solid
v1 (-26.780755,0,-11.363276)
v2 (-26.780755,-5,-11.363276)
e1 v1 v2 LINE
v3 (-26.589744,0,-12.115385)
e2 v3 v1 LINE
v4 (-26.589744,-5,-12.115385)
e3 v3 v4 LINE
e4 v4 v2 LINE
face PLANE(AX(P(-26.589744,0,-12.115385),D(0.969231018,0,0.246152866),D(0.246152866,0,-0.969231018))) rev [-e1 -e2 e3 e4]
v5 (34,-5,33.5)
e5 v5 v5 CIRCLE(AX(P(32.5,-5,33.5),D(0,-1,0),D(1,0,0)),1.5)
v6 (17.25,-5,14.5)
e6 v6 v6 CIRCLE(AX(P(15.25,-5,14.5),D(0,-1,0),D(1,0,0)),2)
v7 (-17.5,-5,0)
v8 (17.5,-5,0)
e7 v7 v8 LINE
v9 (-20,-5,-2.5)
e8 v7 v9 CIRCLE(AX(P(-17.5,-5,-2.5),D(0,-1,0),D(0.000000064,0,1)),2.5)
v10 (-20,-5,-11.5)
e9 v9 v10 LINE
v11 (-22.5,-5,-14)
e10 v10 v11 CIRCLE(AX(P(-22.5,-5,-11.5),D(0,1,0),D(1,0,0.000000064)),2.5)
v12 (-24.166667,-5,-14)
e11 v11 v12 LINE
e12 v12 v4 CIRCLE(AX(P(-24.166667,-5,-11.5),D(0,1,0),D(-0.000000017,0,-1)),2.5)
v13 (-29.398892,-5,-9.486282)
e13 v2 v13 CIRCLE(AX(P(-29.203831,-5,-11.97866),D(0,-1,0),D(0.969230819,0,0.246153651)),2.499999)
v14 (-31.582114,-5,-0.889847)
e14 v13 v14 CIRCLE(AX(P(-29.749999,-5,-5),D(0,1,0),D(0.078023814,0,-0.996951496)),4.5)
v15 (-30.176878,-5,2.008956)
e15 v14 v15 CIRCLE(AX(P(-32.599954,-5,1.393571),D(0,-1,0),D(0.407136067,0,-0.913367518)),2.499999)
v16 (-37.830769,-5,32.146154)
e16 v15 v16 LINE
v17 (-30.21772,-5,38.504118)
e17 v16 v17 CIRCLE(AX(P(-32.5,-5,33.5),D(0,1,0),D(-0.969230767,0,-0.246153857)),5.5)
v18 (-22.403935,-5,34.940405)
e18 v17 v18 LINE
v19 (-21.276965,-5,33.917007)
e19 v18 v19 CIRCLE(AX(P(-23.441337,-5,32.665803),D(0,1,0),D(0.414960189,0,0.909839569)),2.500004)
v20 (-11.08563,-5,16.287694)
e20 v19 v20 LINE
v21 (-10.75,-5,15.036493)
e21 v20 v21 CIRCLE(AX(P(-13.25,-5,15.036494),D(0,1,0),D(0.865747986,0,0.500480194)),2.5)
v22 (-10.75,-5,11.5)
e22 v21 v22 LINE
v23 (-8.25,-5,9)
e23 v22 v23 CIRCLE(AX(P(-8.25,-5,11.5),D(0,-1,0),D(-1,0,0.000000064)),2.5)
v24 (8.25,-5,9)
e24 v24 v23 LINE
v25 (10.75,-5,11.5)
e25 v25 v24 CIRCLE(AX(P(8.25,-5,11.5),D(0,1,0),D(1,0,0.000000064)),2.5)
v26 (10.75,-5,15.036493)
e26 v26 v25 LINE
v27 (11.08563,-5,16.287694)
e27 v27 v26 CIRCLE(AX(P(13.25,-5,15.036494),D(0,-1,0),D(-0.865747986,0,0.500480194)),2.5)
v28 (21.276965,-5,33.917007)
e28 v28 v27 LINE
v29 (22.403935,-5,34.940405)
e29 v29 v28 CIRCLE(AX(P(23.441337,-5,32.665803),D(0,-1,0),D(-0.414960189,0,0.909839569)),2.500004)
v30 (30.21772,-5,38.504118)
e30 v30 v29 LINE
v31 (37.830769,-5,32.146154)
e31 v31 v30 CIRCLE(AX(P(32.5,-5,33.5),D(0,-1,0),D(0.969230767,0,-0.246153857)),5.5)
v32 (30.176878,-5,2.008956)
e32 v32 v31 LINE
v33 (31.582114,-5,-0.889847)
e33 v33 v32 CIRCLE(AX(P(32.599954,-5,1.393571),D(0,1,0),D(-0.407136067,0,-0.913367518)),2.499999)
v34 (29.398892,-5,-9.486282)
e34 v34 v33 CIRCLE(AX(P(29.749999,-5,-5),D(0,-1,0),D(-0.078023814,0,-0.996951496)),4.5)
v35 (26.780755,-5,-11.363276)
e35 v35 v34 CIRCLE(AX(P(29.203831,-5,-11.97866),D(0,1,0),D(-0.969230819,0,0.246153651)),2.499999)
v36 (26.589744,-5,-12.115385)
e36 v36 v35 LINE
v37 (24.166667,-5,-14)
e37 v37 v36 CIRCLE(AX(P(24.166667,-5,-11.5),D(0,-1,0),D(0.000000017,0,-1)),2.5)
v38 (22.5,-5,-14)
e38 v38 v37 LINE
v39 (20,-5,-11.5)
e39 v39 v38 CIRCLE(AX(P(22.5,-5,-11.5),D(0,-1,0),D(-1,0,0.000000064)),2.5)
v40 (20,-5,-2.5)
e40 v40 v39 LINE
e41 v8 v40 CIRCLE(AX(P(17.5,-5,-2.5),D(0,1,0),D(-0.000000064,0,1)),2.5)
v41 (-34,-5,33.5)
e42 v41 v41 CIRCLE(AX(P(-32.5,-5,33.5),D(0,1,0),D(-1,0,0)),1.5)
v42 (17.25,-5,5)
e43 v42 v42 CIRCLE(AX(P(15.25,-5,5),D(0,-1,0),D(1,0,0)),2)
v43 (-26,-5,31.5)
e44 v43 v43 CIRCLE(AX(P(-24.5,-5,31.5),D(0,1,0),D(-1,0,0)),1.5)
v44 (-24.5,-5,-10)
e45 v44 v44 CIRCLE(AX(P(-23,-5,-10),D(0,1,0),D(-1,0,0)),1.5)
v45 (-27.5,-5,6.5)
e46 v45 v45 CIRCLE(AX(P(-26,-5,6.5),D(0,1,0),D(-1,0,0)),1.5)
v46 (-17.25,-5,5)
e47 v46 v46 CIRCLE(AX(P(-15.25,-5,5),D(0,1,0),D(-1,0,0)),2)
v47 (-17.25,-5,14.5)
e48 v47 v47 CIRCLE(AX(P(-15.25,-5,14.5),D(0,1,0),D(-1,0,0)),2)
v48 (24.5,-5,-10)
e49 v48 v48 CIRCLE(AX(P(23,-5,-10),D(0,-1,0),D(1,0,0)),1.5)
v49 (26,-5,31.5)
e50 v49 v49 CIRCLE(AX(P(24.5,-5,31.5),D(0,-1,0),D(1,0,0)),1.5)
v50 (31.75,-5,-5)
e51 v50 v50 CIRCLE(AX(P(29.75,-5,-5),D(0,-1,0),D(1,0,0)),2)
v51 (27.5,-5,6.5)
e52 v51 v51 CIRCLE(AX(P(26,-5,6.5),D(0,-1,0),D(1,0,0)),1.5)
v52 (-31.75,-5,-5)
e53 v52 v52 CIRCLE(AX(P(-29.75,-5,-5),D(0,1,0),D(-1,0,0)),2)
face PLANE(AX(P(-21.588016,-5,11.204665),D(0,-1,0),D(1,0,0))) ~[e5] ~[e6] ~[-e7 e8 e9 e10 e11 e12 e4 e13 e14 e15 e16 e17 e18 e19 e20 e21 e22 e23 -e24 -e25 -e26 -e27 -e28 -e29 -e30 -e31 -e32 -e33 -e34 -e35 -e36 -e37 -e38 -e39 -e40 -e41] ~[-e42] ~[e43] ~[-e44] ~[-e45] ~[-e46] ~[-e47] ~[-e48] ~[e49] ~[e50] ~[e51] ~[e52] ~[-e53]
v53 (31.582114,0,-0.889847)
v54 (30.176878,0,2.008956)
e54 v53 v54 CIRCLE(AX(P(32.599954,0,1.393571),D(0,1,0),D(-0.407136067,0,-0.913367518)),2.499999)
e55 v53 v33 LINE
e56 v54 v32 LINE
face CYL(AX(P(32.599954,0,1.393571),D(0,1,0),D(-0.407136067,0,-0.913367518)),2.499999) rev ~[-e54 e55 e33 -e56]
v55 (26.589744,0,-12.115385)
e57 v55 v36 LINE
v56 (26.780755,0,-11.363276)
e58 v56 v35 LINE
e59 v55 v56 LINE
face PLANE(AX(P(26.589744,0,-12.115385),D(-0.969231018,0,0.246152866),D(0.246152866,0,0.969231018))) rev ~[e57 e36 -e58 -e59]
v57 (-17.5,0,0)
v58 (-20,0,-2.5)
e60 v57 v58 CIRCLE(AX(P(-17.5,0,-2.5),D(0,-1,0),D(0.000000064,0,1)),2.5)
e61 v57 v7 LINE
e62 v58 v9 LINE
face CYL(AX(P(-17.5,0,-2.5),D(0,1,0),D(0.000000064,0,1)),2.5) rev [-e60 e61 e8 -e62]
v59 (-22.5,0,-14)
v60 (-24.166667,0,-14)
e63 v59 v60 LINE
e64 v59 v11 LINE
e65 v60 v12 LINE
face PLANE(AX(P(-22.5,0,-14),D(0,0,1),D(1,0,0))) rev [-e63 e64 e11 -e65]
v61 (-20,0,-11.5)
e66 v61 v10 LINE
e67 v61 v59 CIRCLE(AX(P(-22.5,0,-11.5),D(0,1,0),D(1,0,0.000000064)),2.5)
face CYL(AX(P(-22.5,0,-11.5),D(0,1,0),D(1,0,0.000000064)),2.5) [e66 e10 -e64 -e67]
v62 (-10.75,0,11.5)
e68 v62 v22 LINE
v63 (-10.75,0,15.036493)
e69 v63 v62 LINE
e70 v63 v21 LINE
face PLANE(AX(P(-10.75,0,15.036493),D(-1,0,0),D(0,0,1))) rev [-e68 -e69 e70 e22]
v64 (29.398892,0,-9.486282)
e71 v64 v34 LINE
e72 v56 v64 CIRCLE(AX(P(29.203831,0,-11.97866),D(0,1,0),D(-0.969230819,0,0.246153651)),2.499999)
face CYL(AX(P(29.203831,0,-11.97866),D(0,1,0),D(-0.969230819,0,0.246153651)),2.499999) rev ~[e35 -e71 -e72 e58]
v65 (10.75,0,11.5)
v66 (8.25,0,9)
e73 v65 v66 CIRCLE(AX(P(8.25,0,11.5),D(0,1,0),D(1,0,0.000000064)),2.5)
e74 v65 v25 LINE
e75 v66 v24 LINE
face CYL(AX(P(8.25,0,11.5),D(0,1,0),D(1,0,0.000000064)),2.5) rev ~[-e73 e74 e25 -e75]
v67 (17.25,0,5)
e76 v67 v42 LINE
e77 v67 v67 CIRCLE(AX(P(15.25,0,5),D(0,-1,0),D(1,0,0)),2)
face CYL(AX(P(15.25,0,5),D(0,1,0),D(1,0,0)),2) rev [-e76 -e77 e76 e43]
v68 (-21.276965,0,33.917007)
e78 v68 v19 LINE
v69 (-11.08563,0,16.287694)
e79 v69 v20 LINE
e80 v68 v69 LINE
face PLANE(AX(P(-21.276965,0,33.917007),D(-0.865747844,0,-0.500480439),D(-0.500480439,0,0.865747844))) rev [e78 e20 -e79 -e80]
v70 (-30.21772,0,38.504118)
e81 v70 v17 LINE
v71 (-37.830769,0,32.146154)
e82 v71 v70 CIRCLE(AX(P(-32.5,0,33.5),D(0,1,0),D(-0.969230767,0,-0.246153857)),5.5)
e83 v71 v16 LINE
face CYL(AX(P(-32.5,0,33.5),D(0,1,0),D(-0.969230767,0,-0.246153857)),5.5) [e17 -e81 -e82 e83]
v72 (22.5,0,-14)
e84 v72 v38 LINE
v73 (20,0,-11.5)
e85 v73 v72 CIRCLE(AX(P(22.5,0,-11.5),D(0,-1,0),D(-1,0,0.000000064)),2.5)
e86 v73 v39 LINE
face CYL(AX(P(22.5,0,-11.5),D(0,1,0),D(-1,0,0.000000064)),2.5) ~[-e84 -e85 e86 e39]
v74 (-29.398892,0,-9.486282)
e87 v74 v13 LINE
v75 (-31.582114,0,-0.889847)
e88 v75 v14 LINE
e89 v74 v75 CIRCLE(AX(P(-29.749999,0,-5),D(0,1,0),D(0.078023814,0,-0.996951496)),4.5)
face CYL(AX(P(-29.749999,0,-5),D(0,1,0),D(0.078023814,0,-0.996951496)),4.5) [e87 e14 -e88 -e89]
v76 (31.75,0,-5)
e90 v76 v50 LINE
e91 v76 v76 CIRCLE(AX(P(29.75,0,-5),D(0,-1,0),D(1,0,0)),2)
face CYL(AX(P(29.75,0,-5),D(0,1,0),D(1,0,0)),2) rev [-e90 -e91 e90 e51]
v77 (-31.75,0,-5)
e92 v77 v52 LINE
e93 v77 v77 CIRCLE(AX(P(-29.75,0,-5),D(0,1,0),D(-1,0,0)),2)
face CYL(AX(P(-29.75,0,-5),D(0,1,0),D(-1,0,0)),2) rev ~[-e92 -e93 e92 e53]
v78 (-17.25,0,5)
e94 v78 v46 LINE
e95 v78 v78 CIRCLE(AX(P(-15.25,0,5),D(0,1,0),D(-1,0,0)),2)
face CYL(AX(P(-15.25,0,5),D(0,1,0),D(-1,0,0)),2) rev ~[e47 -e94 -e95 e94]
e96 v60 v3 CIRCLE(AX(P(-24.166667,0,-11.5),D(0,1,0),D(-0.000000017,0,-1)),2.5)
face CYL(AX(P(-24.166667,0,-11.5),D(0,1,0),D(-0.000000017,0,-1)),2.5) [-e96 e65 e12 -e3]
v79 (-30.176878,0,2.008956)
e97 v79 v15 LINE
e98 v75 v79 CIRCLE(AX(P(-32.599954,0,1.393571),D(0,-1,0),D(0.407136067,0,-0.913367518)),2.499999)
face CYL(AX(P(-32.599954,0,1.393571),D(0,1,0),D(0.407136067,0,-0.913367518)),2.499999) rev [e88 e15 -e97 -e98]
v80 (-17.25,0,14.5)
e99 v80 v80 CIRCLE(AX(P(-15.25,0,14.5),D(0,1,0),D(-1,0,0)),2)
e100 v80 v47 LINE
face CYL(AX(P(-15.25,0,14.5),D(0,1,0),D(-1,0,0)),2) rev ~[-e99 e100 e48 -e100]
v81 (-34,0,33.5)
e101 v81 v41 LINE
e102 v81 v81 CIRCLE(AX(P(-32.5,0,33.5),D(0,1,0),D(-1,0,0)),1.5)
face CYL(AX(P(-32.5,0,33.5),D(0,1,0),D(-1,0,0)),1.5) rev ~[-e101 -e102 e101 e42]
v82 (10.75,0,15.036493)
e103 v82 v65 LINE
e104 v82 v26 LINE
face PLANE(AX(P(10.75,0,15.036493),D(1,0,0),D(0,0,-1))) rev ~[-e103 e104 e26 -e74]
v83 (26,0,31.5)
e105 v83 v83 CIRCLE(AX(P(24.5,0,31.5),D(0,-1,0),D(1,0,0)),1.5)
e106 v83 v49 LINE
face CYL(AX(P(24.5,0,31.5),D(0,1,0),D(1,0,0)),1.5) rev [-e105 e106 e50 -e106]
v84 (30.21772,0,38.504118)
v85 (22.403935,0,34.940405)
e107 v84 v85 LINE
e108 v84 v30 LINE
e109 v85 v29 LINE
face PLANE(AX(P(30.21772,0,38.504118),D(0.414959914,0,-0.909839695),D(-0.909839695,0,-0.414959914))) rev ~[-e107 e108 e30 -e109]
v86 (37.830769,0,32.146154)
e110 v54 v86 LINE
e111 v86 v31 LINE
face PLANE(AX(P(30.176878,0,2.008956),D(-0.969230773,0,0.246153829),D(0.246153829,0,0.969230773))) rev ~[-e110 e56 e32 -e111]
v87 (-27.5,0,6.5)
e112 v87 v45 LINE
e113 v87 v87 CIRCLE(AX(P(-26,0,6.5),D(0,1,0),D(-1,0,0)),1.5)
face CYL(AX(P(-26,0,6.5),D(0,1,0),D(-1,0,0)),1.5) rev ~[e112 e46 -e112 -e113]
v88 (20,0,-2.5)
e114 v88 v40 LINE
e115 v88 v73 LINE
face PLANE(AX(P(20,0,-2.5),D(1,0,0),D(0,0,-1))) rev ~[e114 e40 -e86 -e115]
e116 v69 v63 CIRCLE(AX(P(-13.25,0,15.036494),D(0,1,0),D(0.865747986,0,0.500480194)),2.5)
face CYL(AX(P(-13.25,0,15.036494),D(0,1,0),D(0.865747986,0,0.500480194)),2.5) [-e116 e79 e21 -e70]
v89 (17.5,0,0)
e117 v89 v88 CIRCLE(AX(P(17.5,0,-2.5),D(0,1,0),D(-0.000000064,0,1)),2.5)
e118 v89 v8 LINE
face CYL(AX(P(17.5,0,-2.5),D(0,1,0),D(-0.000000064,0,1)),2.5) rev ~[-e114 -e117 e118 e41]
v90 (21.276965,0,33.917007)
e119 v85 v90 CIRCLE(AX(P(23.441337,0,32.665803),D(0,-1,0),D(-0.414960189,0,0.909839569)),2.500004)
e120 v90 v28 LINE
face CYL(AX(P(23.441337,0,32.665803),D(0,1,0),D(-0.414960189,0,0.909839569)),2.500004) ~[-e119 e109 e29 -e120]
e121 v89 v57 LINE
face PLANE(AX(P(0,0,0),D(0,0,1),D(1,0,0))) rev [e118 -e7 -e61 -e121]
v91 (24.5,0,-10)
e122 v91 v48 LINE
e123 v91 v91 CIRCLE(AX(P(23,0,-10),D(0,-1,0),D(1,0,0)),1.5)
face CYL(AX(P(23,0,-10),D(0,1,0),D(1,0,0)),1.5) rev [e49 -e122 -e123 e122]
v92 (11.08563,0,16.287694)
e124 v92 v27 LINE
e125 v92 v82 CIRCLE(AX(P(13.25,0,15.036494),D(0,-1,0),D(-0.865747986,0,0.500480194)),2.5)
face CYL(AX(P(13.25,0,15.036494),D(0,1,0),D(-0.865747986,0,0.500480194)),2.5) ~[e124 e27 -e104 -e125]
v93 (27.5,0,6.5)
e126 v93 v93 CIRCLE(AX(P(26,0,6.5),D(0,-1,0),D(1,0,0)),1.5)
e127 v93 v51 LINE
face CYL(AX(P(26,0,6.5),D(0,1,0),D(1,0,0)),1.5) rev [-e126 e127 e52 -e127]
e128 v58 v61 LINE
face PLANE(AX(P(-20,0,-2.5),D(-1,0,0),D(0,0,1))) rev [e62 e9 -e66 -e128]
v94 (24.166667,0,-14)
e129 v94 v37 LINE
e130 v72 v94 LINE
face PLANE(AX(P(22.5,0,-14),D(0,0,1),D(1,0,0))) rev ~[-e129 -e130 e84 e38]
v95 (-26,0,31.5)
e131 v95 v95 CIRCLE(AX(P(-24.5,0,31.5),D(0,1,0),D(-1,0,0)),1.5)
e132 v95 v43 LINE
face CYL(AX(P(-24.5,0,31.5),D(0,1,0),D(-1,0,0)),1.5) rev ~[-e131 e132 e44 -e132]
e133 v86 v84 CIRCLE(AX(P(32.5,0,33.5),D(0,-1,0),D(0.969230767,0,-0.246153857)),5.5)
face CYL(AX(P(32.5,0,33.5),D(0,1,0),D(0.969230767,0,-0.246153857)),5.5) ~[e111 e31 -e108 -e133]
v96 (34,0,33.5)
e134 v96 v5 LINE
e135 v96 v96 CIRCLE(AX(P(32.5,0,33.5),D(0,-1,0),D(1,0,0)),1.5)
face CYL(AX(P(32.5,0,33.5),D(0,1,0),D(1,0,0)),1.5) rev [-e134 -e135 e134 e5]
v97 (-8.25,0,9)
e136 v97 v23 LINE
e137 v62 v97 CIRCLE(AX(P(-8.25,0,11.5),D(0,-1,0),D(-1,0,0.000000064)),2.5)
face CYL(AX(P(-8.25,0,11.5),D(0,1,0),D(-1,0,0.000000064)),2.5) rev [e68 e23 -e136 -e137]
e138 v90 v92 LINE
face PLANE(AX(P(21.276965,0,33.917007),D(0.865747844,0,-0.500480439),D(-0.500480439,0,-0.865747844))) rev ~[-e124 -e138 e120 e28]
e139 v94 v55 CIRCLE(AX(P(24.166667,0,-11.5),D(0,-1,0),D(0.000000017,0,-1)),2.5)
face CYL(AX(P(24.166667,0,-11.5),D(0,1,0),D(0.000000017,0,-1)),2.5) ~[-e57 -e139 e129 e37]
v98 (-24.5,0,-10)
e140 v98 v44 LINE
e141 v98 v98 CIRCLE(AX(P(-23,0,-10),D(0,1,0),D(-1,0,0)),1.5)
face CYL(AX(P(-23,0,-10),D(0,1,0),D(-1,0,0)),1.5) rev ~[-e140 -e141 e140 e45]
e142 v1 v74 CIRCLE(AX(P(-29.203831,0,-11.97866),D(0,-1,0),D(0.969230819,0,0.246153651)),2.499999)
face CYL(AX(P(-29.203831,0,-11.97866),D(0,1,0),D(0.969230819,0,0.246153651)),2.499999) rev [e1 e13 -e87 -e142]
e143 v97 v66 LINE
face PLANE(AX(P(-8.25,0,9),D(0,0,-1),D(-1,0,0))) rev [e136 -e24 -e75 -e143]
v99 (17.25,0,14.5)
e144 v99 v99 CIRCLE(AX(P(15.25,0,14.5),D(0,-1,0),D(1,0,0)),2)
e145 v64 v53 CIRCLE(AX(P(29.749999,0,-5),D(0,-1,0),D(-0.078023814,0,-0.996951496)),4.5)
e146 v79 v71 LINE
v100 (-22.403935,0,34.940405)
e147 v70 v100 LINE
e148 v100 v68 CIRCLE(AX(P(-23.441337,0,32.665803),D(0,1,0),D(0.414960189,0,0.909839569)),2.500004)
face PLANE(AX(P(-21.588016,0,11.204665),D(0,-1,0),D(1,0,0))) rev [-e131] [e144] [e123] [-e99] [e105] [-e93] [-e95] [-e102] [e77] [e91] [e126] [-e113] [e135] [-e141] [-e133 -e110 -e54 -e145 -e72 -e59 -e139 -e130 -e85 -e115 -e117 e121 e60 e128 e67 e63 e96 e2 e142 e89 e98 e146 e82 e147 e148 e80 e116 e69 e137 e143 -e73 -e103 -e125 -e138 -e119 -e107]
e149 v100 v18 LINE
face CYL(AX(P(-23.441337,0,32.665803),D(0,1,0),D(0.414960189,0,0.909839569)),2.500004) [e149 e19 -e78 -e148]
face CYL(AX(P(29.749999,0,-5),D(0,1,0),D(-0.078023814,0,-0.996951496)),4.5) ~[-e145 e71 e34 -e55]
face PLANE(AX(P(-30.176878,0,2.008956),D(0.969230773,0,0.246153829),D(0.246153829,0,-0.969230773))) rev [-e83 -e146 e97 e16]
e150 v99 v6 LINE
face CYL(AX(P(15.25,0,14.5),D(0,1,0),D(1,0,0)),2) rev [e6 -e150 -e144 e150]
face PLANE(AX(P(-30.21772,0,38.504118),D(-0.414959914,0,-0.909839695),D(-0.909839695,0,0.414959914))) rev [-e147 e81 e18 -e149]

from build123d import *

# Parameters (mm, degrees)
F0_R     = 2
F0_R_2   = 1.5
F1_DEPTH = 5


with BuildPart() as f1:
    # F0 (on Front) → F1 (new body)
    with BuildSketch(Plane.XZ):
        with BuildLine():
            ThreePointArc((20, -11.5), (20.732233, -13.267767), (22.5, -14))
            Line((22.5, -14), (24.166667, -14))
            ThreePointArc((24.166667, -14), (25.701518, -13.473381), (26.589744, -12.115385))
            Line((26.589744, -12.115385), (26.780755, -11.363276))
            ThreePointArc((26.780755, -11.363276), (27.747195, -9.946861), (29.398892, -9.486282))
            ThreePointArc((29.398892, -9.486282), (34.111538, -6.107692), (31.582114, -0.889847))
            ThreePointArc((31.582114, -0.889847), (30.350345, 0.303041), (30.176878, 2.008956))
            Line((30.176878, 2.008956), (37.830769, 32.146154))
            ThreePointArc((37.830769, 32.146154), (36.025514, 37.721463), (30.21772, 38.504118))
            Line((30.21772, 38.504118), (22.403935, 34.940405))
            ThreePointArc((22.403935, 34.940405), (21.76066, 34.516571), (21.276965, 33.917007))
            Line((21.276965, 33.917007), (11.08563, 16.287694))
            ThreePointArc((11.08563, 16.287694), (10.835365, 15.684211), (10.75, 15.036493))
            Line((10.75, 15.036493), (10.75, 11.5))
            ThreePointArc((10.75, 11.5), (10.017767, 9.732233), (8.25, 9))
            Line((8.25, 9), (0, 9))
            Line((0, 9), (0, 0))
            Line((0, 0), (17.5, 0))
            ThreePointArc((17.5, 0), (19.267767, -0.732233), (20, -2.5))
            Line((20, -2.5), (20, -11.5))
        make_face()
        with Locations((15.25, 5)):
            Circle(F0_R, mode=Mode.SUBTRACT)
        with Locations((23, -10)):
            Circle(F0_R_2, mode=Mode.SUBTRACT)
        with Locations((29.75, -5)):
            Circle(F0_R, mode=Mode.SUBTRACT)
        with Locations((26, 6.5)):
            Circle(F0_R_2, mode=Mode.SUBTRACT)
        with Locations((15.25, 14.5)):
            Circle(F0_R, mode=Mode.SUBTRACT)
        with Locations((24.5, 31.5)):
            Circle(F0_R_2, mode=Mode.SUBTRACT)
        with Locations((32.5, 33.5)):
            Circle(F0_R_2, mode=Mode.SUBTRACT)
    extrude(amount=F1_DEPTH)

    # F2: F1 across plane


with BuildPart() as f1_1:
    add(f1.part)
    add(f1.part.mirror(Plane.YZ))


solid = f1_1.part
